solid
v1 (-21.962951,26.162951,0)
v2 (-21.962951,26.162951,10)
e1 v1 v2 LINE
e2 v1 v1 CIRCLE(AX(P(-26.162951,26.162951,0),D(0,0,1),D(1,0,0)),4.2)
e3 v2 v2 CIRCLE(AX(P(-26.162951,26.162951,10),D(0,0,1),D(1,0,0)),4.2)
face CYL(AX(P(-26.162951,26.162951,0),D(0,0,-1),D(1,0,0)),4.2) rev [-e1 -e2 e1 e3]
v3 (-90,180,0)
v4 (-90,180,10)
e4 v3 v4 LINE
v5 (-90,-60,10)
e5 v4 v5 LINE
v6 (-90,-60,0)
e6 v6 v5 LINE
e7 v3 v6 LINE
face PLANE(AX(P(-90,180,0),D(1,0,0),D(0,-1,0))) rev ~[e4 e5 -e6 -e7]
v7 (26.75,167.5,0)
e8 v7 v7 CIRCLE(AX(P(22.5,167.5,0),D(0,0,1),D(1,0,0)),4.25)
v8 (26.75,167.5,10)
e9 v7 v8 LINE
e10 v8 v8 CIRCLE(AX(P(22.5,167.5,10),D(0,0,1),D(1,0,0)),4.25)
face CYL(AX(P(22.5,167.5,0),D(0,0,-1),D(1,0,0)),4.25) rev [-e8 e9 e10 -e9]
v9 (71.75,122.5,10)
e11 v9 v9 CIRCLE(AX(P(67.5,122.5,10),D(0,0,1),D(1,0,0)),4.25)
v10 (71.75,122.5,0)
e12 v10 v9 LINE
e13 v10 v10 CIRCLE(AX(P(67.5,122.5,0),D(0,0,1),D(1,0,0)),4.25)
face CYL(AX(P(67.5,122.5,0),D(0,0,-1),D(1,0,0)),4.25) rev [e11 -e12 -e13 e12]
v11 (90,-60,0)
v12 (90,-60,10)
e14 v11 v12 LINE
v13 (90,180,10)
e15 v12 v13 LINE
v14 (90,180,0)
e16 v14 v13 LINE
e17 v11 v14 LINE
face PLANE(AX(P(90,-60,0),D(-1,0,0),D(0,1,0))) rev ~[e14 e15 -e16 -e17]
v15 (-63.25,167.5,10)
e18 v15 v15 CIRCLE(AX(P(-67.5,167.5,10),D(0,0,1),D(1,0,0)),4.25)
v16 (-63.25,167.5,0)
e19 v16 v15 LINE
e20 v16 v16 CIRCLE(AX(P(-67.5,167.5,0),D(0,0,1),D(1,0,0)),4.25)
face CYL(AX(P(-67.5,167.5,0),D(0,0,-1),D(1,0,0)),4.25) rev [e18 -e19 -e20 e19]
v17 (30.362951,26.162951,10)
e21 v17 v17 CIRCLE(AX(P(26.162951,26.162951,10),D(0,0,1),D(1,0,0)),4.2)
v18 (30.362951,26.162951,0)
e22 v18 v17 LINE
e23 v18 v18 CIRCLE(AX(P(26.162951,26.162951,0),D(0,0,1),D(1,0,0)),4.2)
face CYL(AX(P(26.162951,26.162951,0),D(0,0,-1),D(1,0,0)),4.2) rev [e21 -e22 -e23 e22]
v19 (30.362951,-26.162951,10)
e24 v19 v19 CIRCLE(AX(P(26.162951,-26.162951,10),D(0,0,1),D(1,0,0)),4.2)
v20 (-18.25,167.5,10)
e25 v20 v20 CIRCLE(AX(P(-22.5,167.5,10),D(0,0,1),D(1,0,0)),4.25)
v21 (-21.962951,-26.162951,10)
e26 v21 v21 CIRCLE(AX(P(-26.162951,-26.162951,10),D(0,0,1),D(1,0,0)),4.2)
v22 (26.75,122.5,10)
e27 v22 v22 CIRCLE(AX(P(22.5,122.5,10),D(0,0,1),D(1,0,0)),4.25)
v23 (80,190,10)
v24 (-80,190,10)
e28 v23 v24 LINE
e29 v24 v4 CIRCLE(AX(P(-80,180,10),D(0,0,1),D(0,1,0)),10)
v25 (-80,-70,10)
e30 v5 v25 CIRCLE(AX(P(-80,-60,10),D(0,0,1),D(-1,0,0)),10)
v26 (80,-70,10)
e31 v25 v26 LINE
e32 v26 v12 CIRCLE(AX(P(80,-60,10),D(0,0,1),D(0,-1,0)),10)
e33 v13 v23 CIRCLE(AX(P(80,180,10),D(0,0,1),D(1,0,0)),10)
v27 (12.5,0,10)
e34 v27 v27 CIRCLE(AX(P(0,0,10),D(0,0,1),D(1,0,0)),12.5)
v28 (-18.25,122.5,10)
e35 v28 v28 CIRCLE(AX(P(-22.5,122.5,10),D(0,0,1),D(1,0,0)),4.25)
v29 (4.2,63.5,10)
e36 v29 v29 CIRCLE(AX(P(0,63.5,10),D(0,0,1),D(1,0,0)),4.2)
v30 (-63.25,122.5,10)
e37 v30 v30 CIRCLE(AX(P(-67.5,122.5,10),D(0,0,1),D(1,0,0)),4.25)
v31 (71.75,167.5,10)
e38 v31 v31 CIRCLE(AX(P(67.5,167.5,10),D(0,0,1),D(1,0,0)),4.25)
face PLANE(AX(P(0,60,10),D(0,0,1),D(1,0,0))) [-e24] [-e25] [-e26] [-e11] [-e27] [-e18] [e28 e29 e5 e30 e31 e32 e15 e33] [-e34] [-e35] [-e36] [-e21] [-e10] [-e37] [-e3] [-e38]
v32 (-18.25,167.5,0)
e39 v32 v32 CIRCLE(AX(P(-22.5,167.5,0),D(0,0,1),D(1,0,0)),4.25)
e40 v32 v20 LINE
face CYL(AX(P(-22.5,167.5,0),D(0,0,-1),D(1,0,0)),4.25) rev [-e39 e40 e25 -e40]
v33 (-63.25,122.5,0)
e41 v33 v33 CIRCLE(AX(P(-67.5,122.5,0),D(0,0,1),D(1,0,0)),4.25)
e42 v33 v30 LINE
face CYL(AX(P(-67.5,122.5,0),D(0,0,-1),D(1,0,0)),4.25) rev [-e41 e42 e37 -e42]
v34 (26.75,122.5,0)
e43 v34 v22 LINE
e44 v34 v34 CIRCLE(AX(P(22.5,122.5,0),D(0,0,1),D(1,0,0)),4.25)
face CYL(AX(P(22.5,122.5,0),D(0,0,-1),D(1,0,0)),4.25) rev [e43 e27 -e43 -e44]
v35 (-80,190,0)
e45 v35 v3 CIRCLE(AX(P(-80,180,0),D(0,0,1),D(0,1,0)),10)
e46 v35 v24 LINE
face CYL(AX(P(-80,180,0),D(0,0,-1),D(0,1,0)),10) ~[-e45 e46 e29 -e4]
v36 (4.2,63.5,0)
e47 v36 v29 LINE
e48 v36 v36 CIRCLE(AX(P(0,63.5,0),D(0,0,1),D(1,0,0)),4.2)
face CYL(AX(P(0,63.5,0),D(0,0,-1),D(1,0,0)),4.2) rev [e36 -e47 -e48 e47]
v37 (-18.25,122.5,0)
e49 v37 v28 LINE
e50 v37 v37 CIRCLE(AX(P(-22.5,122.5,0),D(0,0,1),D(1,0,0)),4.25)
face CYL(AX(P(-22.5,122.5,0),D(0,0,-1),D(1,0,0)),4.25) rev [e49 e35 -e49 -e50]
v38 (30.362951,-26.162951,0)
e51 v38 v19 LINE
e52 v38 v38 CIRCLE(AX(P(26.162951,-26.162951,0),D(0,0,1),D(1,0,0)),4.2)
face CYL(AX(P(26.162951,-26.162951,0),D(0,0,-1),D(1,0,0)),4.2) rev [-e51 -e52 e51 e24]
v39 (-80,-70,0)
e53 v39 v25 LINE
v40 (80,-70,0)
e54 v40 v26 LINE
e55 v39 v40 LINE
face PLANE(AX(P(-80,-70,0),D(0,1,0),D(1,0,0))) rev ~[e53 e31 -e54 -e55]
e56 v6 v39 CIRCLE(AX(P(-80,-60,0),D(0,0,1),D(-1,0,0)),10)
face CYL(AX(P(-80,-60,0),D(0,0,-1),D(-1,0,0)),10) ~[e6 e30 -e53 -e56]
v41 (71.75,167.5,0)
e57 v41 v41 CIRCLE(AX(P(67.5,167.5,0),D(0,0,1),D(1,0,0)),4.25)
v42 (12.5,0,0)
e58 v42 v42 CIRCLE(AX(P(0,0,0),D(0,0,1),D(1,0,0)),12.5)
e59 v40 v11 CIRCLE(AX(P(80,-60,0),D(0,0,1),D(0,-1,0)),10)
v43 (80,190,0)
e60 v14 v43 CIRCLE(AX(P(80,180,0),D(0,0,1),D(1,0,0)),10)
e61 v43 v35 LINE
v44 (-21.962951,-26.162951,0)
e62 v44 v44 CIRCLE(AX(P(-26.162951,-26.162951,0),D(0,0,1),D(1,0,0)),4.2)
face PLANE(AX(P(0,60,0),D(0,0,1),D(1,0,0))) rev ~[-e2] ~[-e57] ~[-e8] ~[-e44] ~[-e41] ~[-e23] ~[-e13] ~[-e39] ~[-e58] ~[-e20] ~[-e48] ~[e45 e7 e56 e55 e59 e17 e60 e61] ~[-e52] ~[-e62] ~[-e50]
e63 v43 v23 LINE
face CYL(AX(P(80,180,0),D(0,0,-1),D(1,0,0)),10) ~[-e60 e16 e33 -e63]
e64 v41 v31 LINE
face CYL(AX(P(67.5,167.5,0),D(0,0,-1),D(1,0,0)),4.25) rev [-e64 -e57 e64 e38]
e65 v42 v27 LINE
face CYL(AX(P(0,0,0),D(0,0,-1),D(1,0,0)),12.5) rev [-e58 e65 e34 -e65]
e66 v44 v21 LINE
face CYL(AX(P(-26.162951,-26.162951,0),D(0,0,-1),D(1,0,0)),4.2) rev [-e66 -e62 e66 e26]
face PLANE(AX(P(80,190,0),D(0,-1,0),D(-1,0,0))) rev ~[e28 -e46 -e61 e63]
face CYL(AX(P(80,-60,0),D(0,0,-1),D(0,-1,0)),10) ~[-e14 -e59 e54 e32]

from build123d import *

# Parameters (mm, degrees)
SKETCH1_R           = 4.2
SKETCH1_R_2         = 4.25
SKETCH1_R_3         = 12.5
BOSS_EXTRUDE1_DEPTH = 10


with BuildPart() as part:
    # Sketch1 → Boss-Extrude1 (new body)
    with BuildSketch(Plane.XY):
        with BuildLine():
            Line((-80, -70), (80, -70))
            ThreePointArc((80, -70), (87.071067812, -67.071067812), (90, -60))
            Line((90, -60), (90, 180))
            ThreePointArc((90, 180), (87.071067812, 187.071067812), (80, 190))
            Line((80, 190), (-80, 190))
            ThreePointArc((-80, 190), (-87.071067812, 187.071067812), (-90, 180))
            Line((-90, 180), (-90, -60))
            ThreePointArc((-90, -60), (-87.071067812, -67.071067812), (-80, -70))
        make_face()
        with Locations((26.162950904, 26.162950904)):
            Circle(SKETCH1_R, mode=Mode.SUBTRACT)
        with Locations((26.162950904, -26.162950904)):
            Circle(SKETCH1_R, mode=Mode.SUBTRACT)
        with Locations((-26.162950904, -26.162950904)):
            Circle(SKETCH1_R, mode=Mode.SUBTRACT)
        with Locations((-26.162950904, 26.162950904)):
            Circle(SKETCH1_R, mode=Mode.SUBTRACT)
        with Locations((0, 63.5)):
            Circle(SKETCH1_R, mode=Mode.SUBTRACT)
        with Locations((-67.5, 167.5)):
            Circle(SKETCH1_R_2, mode=Mode.SUBTRACT)
        with Locations((-67.5, 122.5)):
            Circle(SKETCH1_R_2, mode=Mode.SUBTRACT)
        with Locations((-22.5, 122.5)):
            Circle(SKETCH1_R_2, mode=Mode.SUBTRACT)
        with Locations((-22.5, 167.5)):
            Circle(SKETCH1_R_2, mode=Mode.SUBTRACT)
        with Locations((22.5, 122.5)):
            Circle(SKETCH1_R_2, mode=Mode.SUBTRACT)
        with Locations((22.5, 167.5)):
            Circle(SKETCH1_R_2, mode=Mode.SUBTRACT)
        with Locations((67.5, 122.5)):
            Circle(SKETCH1_R_2, mode=Mode.SUBTRACT)
        with Locations((67.5, 167.5)):
            Circle(SKETCH1_R_2, mode=Mode.SUBTRACT)
        Circle(SKETCH1_R_3, mode=Mode.SUBTRACT)
    extrude(amount=BOSS_EXTRUDE1_DEPTH)


solid = part.part
